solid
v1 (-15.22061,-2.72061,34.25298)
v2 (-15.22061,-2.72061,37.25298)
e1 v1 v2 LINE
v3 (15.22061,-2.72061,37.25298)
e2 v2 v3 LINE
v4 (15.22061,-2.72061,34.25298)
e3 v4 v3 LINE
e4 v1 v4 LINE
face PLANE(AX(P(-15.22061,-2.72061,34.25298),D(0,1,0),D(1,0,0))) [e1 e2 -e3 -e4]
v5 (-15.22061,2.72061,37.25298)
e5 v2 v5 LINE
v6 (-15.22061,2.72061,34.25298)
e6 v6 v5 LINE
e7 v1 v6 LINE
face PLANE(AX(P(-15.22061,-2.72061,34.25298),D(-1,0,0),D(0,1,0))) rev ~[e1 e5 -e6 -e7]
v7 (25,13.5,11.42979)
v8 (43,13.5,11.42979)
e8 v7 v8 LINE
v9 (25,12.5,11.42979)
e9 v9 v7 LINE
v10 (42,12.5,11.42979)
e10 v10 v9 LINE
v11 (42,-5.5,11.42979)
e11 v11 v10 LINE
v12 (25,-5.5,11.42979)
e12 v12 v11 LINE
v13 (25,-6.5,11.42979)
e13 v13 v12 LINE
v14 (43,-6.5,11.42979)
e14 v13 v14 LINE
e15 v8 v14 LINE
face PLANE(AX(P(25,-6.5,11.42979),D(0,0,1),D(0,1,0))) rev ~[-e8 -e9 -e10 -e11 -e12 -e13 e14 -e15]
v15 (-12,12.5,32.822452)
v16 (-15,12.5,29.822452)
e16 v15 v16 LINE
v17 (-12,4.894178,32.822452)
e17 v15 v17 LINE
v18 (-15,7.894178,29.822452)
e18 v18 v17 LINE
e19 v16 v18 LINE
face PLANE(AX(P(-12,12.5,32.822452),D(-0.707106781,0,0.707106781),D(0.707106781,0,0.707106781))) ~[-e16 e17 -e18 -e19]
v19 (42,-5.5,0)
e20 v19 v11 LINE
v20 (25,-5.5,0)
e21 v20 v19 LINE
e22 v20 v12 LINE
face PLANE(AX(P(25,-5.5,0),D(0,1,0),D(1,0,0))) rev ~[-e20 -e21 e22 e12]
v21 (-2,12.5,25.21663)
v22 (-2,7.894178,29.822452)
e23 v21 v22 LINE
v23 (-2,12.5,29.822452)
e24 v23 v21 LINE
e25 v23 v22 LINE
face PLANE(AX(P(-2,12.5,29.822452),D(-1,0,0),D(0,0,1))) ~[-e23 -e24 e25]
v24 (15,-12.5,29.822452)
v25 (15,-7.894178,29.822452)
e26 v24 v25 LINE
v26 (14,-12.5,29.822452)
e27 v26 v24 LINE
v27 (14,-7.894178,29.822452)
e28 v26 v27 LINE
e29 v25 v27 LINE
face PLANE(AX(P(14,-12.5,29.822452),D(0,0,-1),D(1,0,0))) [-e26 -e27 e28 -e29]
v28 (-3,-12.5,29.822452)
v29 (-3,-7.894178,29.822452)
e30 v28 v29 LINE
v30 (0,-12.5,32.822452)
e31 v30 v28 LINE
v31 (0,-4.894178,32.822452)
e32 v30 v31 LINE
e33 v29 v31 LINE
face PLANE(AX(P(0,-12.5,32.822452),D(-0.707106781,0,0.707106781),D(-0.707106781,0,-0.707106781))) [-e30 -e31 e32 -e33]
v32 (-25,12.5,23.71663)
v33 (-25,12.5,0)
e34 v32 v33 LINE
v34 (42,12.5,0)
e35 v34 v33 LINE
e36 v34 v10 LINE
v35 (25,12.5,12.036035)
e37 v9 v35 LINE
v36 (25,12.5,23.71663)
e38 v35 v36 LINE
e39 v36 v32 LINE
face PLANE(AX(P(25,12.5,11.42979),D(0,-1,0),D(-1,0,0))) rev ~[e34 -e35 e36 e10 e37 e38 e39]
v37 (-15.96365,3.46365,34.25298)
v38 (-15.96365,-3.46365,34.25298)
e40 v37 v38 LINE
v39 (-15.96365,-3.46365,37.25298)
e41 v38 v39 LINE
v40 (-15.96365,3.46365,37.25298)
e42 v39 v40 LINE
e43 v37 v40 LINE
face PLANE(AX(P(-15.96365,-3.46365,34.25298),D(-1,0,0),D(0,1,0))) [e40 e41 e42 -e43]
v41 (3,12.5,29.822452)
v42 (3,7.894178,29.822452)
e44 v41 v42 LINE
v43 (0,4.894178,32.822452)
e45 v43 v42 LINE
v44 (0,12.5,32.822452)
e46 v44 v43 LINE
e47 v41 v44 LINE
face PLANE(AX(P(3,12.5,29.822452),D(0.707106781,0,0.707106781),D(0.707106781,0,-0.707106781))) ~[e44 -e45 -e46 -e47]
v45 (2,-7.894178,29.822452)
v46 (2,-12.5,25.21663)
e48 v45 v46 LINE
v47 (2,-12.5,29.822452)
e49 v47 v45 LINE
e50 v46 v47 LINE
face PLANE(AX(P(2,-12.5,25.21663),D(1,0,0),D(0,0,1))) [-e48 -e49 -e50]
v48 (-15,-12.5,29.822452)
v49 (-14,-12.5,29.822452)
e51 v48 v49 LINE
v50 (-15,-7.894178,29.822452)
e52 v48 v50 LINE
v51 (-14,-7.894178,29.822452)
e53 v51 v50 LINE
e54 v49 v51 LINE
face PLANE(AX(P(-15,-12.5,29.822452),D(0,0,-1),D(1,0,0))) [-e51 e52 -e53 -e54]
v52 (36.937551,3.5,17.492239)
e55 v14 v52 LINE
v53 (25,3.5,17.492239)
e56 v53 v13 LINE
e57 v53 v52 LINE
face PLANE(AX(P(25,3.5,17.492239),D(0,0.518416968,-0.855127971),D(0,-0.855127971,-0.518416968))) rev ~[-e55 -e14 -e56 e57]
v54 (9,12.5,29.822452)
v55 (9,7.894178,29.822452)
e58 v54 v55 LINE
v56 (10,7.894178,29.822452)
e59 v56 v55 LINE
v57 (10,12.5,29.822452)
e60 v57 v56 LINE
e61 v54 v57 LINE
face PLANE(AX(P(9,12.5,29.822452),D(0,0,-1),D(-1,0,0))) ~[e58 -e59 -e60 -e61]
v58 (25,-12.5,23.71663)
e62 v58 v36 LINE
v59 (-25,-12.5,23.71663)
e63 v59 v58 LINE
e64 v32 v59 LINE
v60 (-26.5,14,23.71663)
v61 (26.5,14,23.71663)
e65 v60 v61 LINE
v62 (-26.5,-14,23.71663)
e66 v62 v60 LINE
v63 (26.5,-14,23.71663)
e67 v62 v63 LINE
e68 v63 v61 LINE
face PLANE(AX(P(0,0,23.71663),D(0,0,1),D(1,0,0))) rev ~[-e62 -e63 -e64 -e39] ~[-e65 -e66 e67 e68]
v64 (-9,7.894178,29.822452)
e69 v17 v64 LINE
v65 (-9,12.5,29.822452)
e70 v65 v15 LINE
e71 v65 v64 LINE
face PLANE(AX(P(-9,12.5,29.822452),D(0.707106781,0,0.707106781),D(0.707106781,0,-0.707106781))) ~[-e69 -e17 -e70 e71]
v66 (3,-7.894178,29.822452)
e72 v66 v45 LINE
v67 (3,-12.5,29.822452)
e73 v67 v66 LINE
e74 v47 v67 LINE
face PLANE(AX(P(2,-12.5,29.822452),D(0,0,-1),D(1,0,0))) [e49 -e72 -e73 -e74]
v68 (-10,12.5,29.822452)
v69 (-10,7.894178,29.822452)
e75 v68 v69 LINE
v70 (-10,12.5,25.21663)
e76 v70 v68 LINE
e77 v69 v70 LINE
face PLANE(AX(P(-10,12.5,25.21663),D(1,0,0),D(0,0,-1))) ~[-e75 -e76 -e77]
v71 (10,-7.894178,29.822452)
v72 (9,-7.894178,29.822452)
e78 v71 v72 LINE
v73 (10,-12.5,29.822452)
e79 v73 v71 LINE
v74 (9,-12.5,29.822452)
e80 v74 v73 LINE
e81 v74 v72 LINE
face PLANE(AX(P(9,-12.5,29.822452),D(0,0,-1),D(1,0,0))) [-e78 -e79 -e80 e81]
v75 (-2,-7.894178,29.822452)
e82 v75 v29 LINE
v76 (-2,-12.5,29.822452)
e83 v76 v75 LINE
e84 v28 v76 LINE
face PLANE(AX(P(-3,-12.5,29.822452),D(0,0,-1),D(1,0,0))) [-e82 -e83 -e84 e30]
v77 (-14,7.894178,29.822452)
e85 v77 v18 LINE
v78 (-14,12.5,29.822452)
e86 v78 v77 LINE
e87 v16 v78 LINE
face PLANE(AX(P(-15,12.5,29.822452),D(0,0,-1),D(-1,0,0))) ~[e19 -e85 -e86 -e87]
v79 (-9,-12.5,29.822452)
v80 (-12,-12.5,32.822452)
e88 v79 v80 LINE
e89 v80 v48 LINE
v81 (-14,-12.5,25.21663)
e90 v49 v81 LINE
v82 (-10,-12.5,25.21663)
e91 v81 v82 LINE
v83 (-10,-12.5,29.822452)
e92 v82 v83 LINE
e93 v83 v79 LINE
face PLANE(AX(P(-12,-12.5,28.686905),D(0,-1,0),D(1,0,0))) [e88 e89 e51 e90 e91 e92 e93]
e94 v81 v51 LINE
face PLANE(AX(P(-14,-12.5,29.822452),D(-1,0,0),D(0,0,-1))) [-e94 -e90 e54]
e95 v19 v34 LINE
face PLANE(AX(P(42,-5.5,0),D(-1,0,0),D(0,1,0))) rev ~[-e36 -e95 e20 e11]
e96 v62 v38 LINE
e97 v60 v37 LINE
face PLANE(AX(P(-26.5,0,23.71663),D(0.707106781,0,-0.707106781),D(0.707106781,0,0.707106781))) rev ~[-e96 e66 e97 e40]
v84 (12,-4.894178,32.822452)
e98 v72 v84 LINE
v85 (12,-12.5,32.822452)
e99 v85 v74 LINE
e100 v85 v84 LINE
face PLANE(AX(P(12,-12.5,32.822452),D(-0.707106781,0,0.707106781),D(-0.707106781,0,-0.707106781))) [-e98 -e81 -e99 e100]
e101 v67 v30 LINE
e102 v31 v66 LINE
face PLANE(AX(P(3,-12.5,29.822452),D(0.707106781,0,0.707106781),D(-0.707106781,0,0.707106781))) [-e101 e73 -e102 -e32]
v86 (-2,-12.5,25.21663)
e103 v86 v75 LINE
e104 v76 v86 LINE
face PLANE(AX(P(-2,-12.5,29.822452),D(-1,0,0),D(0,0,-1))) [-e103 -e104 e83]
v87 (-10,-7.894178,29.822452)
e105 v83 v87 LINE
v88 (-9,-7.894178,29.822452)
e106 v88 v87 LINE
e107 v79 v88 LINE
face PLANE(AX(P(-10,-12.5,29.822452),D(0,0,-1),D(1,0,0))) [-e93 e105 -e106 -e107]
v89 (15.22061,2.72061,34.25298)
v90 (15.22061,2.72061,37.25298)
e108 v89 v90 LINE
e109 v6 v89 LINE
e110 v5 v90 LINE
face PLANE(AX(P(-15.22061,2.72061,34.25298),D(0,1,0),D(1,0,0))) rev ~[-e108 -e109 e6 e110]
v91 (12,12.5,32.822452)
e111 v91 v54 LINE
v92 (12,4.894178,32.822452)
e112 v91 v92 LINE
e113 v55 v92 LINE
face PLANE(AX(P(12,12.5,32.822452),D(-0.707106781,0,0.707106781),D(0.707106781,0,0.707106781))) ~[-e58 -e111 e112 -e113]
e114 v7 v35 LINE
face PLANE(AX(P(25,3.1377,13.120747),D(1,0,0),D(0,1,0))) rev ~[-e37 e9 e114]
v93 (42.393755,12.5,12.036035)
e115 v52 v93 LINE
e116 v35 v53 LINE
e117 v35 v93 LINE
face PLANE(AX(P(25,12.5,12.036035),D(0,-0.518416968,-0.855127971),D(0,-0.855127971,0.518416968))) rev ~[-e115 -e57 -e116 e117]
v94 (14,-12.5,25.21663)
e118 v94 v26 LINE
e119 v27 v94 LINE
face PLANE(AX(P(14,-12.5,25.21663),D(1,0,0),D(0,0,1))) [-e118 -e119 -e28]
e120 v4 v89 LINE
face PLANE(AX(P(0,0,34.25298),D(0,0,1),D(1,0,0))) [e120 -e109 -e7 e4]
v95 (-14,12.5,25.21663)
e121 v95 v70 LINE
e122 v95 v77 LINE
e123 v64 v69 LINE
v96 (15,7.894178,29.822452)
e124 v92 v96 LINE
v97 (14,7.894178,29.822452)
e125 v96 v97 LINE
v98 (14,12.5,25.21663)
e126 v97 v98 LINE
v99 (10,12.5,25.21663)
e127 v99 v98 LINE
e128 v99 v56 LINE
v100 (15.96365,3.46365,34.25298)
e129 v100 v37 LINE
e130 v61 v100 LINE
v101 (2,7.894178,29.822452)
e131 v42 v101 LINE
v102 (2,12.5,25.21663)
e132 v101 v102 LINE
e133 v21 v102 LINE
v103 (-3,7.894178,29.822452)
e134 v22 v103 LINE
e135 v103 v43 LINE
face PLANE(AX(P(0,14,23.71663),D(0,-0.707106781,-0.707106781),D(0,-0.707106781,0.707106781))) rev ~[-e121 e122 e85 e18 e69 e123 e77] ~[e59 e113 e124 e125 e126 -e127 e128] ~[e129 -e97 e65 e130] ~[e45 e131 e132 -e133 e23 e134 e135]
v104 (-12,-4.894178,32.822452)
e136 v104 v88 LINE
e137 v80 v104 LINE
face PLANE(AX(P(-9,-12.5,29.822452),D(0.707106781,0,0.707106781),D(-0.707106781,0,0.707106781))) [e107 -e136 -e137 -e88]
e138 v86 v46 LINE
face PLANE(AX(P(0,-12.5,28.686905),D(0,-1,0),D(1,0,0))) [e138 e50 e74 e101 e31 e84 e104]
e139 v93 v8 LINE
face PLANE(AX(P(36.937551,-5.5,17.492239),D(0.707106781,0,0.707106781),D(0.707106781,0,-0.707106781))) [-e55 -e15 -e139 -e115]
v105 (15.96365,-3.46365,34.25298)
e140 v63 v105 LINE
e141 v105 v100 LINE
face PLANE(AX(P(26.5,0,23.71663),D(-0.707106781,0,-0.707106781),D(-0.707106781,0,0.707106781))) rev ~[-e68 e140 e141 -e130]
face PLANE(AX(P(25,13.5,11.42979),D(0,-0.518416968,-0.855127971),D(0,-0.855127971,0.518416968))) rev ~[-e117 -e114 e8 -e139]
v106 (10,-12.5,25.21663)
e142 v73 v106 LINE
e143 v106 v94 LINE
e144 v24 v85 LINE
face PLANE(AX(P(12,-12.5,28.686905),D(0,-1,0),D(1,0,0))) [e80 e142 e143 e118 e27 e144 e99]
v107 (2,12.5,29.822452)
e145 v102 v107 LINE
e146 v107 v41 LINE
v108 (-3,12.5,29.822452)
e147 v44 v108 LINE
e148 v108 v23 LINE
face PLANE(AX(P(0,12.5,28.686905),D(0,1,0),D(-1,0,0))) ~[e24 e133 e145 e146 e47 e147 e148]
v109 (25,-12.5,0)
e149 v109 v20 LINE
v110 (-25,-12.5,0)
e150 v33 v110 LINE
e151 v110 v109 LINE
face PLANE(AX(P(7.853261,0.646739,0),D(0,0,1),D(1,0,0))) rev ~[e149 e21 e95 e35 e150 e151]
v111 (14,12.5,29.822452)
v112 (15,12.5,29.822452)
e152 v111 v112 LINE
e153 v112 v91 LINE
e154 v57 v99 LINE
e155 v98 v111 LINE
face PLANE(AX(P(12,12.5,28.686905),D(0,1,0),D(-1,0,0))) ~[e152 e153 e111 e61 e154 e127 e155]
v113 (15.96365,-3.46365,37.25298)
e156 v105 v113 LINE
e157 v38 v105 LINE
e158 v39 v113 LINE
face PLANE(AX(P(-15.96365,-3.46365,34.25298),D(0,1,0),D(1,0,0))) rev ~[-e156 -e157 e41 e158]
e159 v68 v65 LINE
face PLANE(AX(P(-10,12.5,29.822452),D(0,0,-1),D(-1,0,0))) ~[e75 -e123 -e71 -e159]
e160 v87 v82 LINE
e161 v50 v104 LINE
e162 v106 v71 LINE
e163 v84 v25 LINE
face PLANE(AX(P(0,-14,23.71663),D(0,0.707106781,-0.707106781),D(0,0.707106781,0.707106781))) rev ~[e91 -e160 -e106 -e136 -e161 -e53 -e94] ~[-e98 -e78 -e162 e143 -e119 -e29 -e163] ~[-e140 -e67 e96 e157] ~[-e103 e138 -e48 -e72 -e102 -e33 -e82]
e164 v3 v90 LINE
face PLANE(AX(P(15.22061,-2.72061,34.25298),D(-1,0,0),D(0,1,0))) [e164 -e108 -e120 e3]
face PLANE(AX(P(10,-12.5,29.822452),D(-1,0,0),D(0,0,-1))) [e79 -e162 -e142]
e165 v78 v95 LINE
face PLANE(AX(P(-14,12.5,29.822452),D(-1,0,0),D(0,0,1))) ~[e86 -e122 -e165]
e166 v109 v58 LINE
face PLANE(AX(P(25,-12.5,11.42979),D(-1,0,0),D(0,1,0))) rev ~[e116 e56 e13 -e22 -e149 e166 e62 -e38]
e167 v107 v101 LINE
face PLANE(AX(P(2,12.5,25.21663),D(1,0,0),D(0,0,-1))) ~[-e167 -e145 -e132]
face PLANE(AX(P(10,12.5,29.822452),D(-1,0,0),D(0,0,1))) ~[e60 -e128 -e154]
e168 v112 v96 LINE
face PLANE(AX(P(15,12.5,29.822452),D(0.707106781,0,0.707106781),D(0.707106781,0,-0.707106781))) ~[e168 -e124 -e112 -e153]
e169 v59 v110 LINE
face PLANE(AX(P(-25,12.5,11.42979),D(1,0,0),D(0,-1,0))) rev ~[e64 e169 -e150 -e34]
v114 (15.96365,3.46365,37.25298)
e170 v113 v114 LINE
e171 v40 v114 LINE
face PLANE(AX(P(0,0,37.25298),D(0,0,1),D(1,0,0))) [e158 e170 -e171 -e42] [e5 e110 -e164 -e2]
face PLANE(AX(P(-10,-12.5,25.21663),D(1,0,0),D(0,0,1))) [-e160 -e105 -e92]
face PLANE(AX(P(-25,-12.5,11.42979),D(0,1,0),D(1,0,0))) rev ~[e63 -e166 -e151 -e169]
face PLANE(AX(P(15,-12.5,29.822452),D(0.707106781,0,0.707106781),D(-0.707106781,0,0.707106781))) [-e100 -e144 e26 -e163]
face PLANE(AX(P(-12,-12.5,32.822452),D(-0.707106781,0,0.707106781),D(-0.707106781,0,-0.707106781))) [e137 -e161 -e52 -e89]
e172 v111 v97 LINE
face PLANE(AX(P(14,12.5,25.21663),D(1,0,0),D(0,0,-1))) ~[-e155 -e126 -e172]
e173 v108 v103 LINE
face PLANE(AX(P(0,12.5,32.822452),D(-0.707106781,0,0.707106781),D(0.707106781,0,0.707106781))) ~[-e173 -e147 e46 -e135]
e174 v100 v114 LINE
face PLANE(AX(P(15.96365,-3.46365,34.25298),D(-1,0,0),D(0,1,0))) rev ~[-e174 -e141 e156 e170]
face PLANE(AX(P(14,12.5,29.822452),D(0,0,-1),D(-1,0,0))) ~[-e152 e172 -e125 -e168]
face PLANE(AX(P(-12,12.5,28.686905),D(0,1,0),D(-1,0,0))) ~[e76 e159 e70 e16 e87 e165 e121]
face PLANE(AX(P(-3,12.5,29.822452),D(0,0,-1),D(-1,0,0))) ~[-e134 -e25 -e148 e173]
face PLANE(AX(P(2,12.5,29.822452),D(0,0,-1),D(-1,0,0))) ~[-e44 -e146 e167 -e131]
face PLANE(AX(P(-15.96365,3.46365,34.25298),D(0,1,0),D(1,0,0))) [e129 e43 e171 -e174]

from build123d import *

# Parameters (mm, degrees)
F1_DEPTH       = 11.42979
F3_DEPTH       = 12.28684
F4_W           = 53
F4_H           = 28
F5_DEPTH       = 10.53635
F5_TAPER       = 45
F10_DEPTH      = 18
F12_DEPTH      = 19.501
F12_DEPTH_BACK = 8.501
F13_W          = 31.9273
F13_H          = 6.9273
F13_W_2        = 30.4412200116
F13_H_2        = 5.4412200116
F14_DEPTH      = 3


with BuildPart() as f1:
    # F0 (on Top) → F1 (new body)
    with BuildSketch(Plane.XY):
        Polygon((-25, -12.5), (25, -12.5), (25, -5.5), (42, -5.5), (42, 12.5), (25, 12.5), (-25, 12.5), align=None)
    extrude(amount=F1_DEPTH)

    # F2 (on face) → F3 (join)
    with BuildSketch(Plane.XY.offset(11.42979)):
        Polygon((-25, -12.5), (25, -12.5), (25, -5.5), (25, 12.5), (-25, 12.5), align=None)
    extrude(amount=F3_DEPTH)

    # F4 (on face) → F5 (join)
    with BuildSketch(Plane.XY.offset(23.71663)):
        Rectangle(F4_W, F4_H)
    extrude(amount=F5_DEPTH, taper=F5_TAPER)


with BuildPart() as f7:
    # F6 (on face) → F7 (new body, up to the next surface of F1)
    with BuildSketch(Plane.XZ.offset(12.5)):
        Polygon((-12, 32.8224519938), (-15, 29.8224519938), (-14, 29.8224519938), (-14, 25.21663), (-12, 25.21663), (-10, 25.21663), (-10, 29.8224519938), (-9, 29.8224519938), align=None)
    extrude(until=Until.NEXT, target=f1.part, dir=(0, 1, 0))


with BuildPart() as f7b:
    # F6 (on face) → F7, piece 2 (new body, up to the next surface of F1)
    with BuildSketch(Plane.XZ.offset(12.5)):
        Polygon((-2, 25.21663), (0, 25.21663), (2, 25.21663), (2, 29.8224519938), (3, 29.8224519938), (0, 32.8224519938), (-3, 29.8224519938), (-2, 29.8224519938), align=None)
    extrude(until=Until.NEXT, target=f1.part, dir=(0, 1, 0))


with BuildPart() as f7c:
    # F6 (on face) → F7, piece 3 (new body, up to the next surface of F1)
    with BuildSketch(Plane.XZ.offset(12.5)):
        Polygon((10, 25.21663), (12, 25.21663), (14, 25.21663), (14, 29.8224519938), (15, 29.8224519938), (12, 32.8224519938), (9, 29.8224519938), (10, 29.8224519938), align=None)
    extrude(until=Until.NEXT, target=f1.part, dir=(0, 1, 0))


with BuildPart() as f1_1:
    add(f1.part)

    # F8: F7, F7b, F7c across plane
    add(f7.part.mirror(Plane.XZ))
    add(f7b.part.mirror(Plane.XZ))
    add(f7c.part.mirror(Plane.XZ))

    # F9 (on face) → F10 (join)
    with BuildSketch(Plane.YZ.offset(25)):
        Polygon((3.5, 17.4922389561), (-6.5, 11.42979), (-5.5, 11.42979), (12.5, 11.42979), (12.5, 12.0360348956), align=None)
        Polygon((12.5, 12.0360348956), (12.5, 11.42979), (13.5, 11.42979), align=None)
    extrude(amount=F10_DEPTH)

    # F11 (on face) → F12 (cut, two sides)
    with BuildSketch(Plane.XZ.offset(5.5)) as f12_sk:
        Polygon((43, 11.42979), (43, 17.4922389561), (36.9375510439, 17.4922389561), align=None)
    extrude(amount=-F12_DEPTH, mode=Mode.SUBTRACT)
    extrude(f12_sk.sketch, amount=F12_DEPTH_BACK, mode=Mode.SUBTRACT)

    add(f7.part)  # F14 merges F7

    add(f7b.part)  # F14 merges F7b

    add(f7c.part)  # F14 merges F7c
    # F13 (on face) → F14 (join)
    with BuildSketch(Plane.XY.offset(34.25298)):
        Rectangle(F13_W, F13_H)
        Rectangle(F13_W_2, F13_H_2, mode=Mode.SUBTRACT)
    extrude(amount=F14_DEPTH)


solid = f1_1.part
